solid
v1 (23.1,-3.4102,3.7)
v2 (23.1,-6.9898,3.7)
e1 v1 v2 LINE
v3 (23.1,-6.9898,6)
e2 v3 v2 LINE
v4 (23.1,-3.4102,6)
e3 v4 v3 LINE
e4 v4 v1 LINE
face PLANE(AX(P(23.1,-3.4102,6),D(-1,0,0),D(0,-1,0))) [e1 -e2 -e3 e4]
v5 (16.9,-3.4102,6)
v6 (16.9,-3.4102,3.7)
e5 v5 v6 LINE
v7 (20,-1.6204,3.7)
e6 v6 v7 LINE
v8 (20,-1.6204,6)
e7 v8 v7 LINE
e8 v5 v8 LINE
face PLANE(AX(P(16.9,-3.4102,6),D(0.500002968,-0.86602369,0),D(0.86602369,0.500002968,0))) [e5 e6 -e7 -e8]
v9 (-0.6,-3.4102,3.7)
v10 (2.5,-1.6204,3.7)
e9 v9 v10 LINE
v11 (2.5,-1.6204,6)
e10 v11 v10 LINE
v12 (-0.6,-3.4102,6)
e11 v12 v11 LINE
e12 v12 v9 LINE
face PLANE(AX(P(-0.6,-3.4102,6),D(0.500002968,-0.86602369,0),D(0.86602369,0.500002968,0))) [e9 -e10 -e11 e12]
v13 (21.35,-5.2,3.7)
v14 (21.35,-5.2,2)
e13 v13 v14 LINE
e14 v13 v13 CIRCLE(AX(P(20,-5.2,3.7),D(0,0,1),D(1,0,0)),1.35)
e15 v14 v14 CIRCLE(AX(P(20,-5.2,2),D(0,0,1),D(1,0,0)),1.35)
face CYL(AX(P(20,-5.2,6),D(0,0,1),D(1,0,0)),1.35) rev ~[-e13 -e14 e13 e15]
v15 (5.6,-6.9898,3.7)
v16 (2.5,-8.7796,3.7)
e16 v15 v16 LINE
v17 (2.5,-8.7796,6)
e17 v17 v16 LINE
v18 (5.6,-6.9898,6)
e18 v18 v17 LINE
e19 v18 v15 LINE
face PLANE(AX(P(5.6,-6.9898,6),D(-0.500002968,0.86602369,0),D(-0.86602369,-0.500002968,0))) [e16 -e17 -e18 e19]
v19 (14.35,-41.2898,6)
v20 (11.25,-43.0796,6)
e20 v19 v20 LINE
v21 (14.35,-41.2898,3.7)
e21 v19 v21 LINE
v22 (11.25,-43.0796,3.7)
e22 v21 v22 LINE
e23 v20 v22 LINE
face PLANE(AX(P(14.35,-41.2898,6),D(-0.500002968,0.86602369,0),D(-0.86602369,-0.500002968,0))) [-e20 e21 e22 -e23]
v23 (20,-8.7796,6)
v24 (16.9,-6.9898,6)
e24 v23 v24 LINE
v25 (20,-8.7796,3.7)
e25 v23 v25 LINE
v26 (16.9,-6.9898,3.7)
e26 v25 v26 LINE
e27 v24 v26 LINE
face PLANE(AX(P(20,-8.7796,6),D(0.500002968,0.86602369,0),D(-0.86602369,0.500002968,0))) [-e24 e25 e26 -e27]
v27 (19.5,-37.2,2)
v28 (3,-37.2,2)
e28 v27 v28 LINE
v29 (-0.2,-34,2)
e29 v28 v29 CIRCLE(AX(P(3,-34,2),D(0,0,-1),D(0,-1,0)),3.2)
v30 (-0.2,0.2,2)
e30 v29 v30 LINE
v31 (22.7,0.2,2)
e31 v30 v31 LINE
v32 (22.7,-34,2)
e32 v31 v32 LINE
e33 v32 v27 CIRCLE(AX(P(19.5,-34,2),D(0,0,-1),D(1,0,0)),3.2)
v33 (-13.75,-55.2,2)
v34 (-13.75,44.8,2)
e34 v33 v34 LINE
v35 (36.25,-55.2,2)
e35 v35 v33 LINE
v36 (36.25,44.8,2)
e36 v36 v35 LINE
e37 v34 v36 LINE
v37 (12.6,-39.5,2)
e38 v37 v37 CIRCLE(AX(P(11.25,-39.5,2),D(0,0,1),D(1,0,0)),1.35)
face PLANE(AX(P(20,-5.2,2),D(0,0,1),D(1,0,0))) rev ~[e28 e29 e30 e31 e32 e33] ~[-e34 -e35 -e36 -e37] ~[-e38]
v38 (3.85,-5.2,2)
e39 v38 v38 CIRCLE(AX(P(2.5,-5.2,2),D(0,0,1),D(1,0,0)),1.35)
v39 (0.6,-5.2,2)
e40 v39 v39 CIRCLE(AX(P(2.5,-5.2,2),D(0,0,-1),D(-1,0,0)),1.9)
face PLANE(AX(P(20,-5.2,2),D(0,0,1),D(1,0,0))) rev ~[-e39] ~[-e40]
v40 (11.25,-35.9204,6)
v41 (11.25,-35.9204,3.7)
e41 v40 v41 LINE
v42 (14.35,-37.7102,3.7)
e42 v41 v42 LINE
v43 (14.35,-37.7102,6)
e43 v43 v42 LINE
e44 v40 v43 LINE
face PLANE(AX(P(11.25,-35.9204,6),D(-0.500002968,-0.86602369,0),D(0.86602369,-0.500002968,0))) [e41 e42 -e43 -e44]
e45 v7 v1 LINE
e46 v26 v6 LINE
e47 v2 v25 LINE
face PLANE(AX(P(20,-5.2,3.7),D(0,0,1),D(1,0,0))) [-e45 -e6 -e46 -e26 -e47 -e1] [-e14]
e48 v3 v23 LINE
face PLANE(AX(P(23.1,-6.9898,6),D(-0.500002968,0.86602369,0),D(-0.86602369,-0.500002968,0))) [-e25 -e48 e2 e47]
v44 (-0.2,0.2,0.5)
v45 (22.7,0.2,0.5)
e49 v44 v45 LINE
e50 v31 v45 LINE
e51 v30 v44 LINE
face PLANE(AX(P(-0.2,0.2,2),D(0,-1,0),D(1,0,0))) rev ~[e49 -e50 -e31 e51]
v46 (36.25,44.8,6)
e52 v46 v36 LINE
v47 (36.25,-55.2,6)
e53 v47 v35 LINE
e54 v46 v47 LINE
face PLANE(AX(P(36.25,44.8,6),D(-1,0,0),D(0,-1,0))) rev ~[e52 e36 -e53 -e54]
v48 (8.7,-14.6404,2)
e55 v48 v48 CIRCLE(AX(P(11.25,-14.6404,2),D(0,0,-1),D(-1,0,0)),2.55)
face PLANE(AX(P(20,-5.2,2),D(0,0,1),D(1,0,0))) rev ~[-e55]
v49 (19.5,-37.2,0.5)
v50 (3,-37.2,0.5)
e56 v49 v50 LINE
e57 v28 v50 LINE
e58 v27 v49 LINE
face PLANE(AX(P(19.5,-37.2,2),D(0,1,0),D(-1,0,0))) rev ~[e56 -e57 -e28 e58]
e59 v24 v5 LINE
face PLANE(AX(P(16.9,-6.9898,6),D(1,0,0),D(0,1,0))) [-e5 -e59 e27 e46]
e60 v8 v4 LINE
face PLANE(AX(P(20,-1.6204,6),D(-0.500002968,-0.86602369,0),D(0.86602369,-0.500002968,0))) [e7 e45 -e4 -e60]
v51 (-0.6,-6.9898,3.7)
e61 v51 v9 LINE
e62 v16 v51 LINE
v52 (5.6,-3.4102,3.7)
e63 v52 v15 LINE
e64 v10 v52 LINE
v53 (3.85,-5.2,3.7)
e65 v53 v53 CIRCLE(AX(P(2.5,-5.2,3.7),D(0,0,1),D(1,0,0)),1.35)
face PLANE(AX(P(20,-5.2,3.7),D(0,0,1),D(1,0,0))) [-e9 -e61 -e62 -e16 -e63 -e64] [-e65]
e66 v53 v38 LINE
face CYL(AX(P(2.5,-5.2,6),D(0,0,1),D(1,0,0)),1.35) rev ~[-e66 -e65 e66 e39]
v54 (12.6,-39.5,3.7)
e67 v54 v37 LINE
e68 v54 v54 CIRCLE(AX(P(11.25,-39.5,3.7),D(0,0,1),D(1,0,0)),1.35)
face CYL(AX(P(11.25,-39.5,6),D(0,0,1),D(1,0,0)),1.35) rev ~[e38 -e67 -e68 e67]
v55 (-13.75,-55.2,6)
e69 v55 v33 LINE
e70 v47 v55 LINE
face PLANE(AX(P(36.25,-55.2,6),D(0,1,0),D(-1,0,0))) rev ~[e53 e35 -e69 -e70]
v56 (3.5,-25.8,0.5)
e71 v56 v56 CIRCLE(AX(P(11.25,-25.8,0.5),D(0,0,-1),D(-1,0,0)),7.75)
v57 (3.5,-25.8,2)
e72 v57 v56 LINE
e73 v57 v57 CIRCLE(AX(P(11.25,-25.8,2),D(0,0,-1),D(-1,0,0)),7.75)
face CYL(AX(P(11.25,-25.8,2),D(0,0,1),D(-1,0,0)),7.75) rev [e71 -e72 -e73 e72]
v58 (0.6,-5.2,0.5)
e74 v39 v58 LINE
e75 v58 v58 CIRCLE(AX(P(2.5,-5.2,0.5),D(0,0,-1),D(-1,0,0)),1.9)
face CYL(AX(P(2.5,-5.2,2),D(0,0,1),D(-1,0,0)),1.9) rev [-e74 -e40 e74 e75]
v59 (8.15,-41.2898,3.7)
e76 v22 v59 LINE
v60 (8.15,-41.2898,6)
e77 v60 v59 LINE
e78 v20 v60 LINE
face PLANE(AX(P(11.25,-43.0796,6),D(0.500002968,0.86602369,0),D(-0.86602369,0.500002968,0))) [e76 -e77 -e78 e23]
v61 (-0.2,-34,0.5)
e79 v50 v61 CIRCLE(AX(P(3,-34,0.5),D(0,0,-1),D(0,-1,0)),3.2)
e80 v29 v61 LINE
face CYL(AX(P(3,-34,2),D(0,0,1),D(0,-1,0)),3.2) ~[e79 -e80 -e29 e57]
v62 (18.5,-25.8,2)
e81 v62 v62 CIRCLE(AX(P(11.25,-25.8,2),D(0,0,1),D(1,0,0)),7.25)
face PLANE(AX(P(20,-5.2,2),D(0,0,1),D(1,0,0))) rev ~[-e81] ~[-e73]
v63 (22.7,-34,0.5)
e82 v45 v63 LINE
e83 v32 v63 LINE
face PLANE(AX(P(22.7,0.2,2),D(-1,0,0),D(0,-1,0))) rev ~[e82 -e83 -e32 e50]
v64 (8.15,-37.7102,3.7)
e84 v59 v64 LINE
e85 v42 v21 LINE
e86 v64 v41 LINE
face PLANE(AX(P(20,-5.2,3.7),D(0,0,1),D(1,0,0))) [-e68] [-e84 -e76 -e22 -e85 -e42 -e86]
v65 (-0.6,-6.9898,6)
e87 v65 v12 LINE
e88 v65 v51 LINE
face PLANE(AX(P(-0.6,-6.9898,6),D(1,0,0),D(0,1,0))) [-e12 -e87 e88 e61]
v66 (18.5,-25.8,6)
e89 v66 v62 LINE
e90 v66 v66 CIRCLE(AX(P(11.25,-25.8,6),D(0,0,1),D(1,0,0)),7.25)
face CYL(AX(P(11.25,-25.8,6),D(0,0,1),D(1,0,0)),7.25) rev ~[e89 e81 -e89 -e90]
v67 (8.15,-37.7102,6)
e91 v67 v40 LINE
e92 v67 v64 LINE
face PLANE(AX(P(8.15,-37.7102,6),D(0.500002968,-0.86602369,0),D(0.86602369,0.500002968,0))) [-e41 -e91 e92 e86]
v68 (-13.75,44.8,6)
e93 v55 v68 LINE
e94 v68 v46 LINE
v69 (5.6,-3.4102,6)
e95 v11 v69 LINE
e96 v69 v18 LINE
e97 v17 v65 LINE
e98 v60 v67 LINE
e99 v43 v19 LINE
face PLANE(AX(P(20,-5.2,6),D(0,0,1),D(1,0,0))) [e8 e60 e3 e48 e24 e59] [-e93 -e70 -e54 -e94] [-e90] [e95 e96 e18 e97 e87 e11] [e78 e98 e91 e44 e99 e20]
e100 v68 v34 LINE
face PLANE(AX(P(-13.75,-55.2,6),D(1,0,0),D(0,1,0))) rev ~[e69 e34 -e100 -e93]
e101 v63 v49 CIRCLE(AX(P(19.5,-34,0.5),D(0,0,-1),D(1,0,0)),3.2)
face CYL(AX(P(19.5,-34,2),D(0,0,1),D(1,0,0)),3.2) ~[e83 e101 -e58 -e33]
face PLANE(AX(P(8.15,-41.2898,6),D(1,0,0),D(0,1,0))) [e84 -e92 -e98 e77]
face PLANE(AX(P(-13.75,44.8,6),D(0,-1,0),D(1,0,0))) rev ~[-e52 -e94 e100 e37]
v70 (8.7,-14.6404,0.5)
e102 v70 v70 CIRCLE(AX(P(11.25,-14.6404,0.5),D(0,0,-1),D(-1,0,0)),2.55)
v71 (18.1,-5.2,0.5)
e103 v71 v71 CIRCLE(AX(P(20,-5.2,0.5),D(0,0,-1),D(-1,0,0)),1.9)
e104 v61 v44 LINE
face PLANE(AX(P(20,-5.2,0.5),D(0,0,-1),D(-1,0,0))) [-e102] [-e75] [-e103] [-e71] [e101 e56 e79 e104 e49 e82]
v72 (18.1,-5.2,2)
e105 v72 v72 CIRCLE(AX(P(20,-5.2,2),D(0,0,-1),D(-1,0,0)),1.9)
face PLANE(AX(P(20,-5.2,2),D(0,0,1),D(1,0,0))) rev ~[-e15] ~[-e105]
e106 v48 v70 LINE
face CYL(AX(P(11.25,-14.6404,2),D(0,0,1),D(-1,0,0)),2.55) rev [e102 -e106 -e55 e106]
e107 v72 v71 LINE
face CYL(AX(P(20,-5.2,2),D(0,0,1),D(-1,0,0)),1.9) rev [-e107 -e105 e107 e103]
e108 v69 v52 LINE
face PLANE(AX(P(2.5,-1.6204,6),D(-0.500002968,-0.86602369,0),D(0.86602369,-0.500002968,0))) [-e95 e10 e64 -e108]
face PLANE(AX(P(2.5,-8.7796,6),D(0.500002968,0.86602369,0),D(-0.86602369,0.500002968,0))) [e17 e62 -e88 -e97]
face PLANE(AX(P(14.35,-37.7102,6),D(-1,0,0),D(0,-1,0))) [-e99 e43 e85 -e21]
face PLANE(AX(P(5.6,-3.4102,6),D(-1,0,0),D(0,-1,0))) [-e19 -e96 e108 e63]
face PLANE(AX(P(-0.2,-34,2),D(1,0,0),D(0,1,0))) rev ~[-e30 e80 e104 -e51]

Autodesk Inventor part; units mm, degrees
ref_plane "YZ Plane" through (0, 0, 0) normal (1, 0, 0) x (0, 1, 0)
ref_plane "XZ Plane" through (0, 0, 0) normal (0, 1, 0) x (-1, 0, 0)
ref_plane "Work Plane2" through (20, -5.2, 6) normal (0, 0, 1) x (1, 0, 0)
sketch "Sketch1" plane through (20, -5.2, 6) normal (0, 0, 1) x (1, 0, 0)
  line L0 (-33.75, 50) -> (16.25, 50)
  line L1 (16.25, 50) -> (16.25, -50)
  line L2 (16.25, -50) -> (-33.75, -50)
  line L3 (-33.75, -50) -> (-33.75, 50)
  line L4 (-33.75, 0) -> (16.25, 0) construction
  line L5 (-8.75, 50) -> (-8.75, -50) construction
  line L6 (-33.75, 0) -> (16.25, 0) construction
  circle A0 centre (-17.5, 0) radius 1.35
  circle A1 centre (0, 0) radius 1.35
  circle A2 centre (-8.75, -34.3) radius 1.35
  circle A3 centre (-8.75, -20.6) radius 7.25
  dimension "d0" = 50
  dimension "d1" = 100
  dimension "d15" = 2.7
  dimension "d16" = 2.7
  dimension "d17" = 2.7
  dimension "d18" = 14.5
  dimension "d19" = 17.5
  dimension "d20" = 20.6
  dimension "d21" = 34.3
  dimension "d22" = 15.7
  dimension "d23" = 16.25
extrude "Extrusion2" add sketch "Sketch1" against normal blind 4
sketch "Sketch2" plane through (20, -5.2, 6) normal (0, 0, 1) x (1, 0, 0)
  circle A0 centre (-8.75, -20.6) radius 7.25 construction
  circle A1 centre (-8.75, -34.3) radius 1.35 construction
  circle A2 centre (0, 0) radius 1.35 construction
  circle A3 centre (-17.5, 0) radius 1.35 construction
  line L0 (-33.75, 50) -> (16.25, 50) construction
  line L1 (-33.75, -50) -> (-33.75, 50) construction
  line L2 (16.25, -50) -> (-33.75, -50) construction
  line L3 (16.25, 50) -> (16.25, -50) construction
  line L4 (-14.4, -1.7898) -> (-17.5, -3.5796)
  line L5 (-17.5, -3.5796) -> (-20.6, -1.7898)
  line L6 (-20.6, -1.7898) -> (-20.6, 1.7898)
  line L7 (-20.6, 1.7898) -> (-17.5, 3.5796)
  line L8 (-17.5, 3.5796) -> (-14.4, 1.7898)
  line L9 (-14.4, 1.7898) -> (-14.4, -1.7898)
  line L10 (3.1, -1.7898) -> (0, -3.5796)
  line L11 (0, -3.5796) -> (-3.1, -1.7898)
  line L12 (-3.1, -1.7898) -> (-3.1, 1.7898)
  line L13 (-3.1, 1.7898) -> (0, 3.5796)
  line L14 (0, 3.5796) -> (3.1, 1.7898)
  line L15 (3.1, 1.7898) -> (3.1, -1.7898)
  line L16 (-5.65, -36.0898) -> (-8.75, -37.8796)
  line L17 (-8.75, -37.8796) -> (-11.85, -36.0898)
  line L18 (-11.85, -36.0898) -> (-11.85, -32.5102)
  line L19 (-11.85, -32.5102) -> (-8.75, -30.7204)
  line L20 (-8.75, -30.7204) -> (-5.65, -32.5102)
  line L21 (-5.65, -32.5102) -> (-5.65, -36.0898)
  line L22 (-33.75, -50) -> (-33.75, 50) projected
  point P0 (-20, 5.2)
  dimension "d26" = 6.2
  dimension "d27" = 6.2
  dimension "d28" = 6.2
extrude "Extrusion3" cut sketch "Sketch2" against normal blind 2.3
sketch "Sketch3" plane through (20, -5.2, 2) normal (0, 0, -1) x (-1, 0, 0)
  line L0 (19.7, 4.9) -> (-2.2, 4.9) construction
  line L1 (19.7, -28.8) -> (19.7, 4.9) construction
  arc A0 (17, -31.5) -> (19.7, -28.8) centre (17, -28.8) ccw construction
  line L2 (0.5, -31.5) -> (17, -31.5) construction
  arc A1 (-2.2, -28.8) -> (0.5, -31.5) centre (0.5, -28.8) ccw construction
  line L3 (-2.2, 4.9) -> (-2.2, -28.8) construction
  circle A2 centre (17.5, 0) radius 1.4 construction
  circle A3 centre (0, 0) radius 1.4 construction
  circle A4 centre (8.75, -9.4404) radius 2.05 construction
  circle A5 centre (8.85, -20.6) radius 2.8 construction
  arc A6 (-2.7, -28.8) -> (0.5, -32) centre (0.5, -28.8) ccw
  line L4 (0.5, -32) -> (17, -32)
  arc A7 (17, -32) -> (20.2, -28.8) centre (17, -28.8) ccw
  line L5 (20.2, -28.8) -> (20.2, 5.4)
  line L6 (20.2, 5.4) -> (-2.7, 5.4)
  line L7 (-2.7, 5.4) -> (-2.7, -28.8)
  circle A8 centre (0, 0) radius 1.9
  circle A9 centre (17.5, 0) radius 1.9
  circle A10 centre (8.75, -9.4404) radius 2.55
  circle A11 centre (8.75, -20.6) radius 7.25 construction
  circle A12 centre (8.75, -20.6) radius 7.75
  point P0 (20, 5.2)
  dimension "d31" = 0.5
  dimension "d32" = 0.5
  dimension "d33" = 0.5
  dimension "d34" = 0.5
  dimension "d35" = 0.5
ref_plane "Work Plane3" through (0.3, -36.7, 0.5) normal (0, 0, 1) x (1, 0, 0)
extrude "Extrusion4" add sketch "Sketch3" along normal up to surface (1.5 mm away)
equation "\"d16\" = d15"
equation "\"d17\" = d15"
equation "\"d27\" = d26"
equation "\"d28\" = d26"
equation "\"d32\" = d31"
equation "\"d33\" = d31"
equation "\"d34\" = d31"
equation "\"d35\" = d31"
properties part number "Motor cover lower"
